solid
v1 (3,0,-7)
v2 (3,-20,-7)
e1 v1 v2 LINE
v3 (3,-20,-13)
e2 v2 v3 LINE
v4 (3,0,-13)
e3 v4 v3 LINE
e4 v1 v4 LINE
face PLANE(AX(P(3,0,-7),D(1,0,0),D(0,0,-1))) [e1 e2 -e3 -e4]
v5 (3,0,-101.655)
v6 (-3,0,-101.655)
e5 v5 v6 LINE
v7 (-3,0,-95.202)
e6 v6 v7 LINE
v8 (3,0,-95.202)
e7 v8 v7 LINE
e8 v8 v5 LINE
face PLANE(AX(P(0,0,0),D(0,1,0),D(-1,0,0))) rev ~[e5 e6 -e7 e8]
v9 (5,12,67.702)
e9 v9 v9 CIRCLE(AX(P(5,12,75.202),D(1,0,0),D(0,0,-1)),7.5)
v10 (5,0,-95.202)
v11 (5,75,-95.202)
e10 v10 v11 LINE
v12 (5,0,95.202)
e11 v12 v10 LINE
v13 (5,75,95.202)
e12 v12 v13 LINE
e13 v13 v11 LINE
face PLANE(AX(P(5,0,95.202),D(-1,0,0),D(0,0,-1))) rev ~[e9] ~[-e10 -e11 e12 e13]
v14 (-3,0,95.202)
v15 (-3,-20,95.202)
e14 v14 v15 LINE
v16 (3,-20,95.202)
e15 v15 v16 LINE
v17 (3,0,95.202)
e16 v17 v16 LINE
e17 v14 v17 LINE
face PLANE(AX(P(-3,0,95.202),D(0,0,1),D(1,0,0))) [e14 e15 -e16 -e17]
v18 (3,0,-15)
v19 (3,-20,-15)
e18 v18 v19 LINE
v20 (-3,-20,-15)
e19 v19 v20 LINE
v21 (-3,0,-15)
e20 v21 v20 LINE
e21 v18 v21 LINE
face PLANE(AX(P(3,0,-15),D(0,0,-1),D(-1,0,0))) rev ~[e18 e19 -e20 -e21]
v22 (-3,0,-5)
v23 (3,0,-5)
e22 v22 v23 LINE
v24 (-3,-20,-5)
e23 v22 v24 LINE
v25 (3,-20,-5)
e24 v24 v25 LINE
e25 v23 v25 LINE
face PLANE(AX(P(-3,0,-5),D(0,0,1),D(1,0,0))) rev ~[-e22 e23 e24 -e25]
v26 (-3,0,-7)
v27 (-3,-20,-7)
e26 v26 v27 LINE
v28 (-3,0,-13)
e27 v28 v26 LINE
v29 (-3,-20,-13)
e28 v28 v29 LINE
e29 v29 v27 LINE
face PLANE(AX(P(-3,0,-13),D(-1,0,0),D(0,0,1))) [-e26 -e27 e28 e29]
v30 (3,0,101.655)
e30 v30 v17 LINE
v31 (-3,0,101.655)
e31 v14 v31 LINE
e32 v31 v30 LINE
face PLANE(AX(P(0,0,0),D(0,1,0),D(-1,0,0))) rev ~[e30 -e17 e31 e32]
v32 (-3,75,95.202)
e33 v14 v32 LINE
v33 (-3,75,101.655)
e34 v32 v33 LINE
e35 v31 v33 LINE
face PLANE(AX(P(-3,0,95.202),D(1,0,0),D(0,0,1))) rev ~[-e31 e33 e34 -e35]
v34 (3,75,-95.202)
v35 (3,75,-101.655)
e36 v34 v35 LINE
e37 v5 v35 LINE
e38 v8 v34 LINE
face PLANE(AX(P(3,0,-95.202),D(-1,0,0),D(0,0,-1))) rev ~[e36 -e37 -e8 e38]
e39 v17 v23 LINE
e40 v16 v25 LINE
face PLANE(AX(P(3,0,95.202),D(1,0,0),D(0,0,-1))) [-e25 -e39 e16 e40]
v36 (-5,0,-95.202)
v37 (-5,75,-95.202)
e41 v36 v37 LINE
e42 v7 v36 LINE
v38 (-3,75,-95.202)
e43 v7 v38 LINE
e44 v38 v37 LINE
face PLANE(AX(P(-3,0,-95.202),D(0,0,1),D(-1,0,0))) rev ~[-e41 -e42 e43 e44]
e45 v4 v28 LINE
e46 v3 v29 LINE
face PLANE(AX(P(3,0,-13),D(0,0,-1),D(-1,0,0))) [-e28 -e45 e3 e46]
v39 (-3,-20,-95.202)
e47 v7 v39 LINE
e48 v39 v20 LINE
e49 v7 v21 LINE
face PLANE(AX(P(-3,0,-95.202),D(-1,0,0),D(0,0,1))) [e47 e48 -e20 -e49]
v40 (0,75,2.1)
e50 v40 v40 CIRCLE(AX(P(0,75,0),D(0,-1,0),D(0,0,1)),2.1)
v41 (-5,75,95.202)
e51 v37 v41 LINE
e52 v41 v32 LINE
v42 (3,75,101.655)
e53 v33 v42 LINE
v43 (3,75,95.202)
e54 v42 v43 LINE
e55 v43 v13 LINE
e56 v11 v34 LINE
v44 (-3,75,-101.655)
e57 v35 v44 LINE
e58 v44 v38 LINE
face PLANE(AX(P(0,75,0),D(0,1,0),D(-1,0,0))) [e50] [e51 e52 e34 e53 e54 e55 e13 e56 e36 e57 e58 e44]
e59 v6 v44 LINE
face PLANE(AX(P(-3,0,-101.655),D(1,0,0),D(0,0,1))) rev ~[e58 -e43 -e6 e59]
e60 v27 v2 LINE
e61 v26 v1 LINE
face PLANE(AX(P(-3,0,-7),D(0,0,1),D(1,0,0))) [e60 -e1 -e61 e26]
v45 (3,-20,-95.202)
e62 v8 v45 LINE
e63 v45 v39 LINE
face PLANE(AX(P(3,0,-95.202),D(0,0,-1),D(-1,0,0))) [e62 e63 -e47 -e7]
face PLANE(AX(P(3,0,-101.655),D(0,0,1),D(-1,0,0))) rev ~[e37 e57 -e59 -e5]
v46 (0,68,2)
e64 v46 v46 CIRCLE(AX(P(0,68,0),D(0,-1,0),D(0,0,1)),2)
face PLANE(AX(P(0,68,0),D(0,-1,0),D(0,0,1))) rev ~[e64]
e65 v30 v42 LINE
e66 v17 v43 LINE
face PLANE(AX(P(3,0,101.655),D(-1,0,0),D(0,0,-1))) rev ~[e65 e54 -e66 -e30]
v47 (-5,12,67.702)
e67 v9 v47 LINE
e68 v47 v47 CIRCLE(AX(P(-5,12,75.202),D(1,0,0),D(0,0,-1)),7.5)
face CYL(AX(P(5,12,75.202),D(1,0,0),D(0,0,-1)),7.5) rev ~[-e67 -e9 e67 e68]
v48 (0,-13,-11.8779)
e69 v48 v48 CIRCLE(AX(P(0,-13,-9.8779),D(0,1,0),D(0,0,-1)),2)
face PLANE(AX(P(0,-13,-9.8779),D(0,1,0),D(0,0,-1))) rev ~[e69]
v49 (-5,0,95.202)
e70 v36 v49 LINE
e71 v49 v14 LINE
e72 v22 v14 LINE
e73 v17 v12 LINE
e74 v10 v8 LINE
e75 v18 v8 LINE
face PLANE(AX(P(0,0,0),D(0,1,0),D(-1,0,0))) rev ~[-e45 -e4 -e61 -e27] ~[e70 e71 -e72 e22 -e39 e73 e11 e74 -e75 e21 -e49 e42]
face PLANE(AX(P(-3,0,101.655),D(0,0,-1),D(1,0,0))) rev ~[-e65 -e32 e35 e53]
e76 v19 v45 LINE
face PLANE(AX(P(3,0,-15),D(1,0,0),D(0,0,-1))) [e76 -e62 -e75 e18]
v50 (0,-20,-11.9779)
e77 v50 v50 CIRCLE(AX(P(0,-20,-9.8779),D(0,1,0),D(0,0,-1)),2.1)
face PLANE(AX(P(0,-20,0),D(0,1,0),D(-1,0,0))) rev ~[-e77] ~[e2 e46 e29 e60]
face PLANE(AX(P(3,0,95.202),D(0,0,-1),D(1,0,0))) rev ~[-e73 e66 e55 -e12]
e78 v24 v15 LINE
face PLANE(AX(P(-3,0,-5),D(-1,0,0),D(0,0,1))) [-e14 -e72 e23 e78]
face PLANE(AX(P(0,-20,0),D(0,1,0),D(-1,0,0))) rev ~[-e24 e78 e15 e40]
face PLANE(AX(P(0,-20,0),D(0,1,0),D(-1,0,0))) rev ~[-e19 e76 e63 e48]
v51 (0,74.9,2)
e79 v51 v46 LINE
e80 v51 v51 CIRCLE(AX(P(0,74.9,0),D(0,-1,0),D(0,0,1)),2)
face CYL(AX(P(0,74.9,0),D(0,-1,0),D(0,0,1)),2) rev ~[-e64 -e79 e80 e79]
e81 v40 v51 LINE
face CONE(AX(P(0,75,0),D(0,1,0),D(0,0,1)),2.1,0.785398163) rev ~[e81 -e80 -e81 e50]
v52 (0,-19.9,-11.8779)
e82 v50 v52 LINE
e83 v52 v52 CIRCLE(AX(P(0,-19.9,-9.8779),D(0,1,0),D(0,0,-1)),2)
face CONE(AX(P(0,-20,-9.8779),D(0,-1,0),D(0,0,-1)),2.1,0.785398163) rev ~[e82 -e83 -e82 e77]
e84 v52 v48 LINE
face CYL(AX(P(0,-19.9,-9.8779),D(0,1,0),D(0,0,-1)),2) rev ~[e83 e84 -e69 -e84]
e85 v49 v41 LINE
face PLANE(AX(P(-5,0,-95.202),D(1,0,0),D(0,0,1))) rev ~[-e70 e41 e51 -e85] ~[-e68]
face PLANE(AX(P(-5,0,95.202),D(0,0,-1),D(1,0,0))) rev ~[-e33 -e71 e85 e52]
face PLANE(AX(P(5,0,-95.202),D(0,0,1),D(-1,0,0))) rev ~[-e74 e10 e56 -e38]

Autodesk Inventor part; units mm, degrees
ref_plane "YZ Plane" through (0, 0, 0) normal (1, 0, 0) x (0, 1, 0)
ref_plane "XZ Plane" through (0, 0, 0) normal (0, 1, 0) x (-1, 0, 0)
ref_plane "XY Plane" through (0, 0, 0) normal (0, 0, 1) x (1, 0, 0)
sketch "Sketch1" plane through (0, 0, 0) normal (0, 1, 0) x (-1, 0, 0)
  line L0 (5, 95.202) -> (-5, 95.202)
  line L1 (-5, 95.202) -> (-5, -95.202)
  line L2 (-5, -95.202) -> (5, -95.202)
  line L3 (5, -95.202) -> (5, 95.202)
  line L4 (5, 95.202) -> (-5, -95.202) construction
  line L5 (-5, 95.202) -> (5, -95.202) construction
  line L6 (3, 101.655) -> (-3, 101.655)
  line L7 (-3, 101.655) -> (-3, -101.655)
  line L8 (-3, -101.655) -> (3, -101.655)
  line L9 (3, -101.655) -> (3, 101.655)
  line L10 (3, 101.655) -> (-3, -101.655) construction
  line L11 (-3, 101.655) -> (3, -101.655) construction
  line L12 (-3, -13) -> (3, -13)
  line L13 (3, -13) -> (3, -7)
  line L14 (3, -7) -> (-3, -7)
  line L15 (-3, -7) -> (-3, -13)
  line L16 (-3, -15) -> (3, -15)
  line L17 (3, -5) -> (-3, -5)
  point P0 (0, 0)
  point P1 (0, -7)
  point P2 (-3, -95.202)
  point P3 (3, -95.202)
  point P4 (3, 95.202)
  point P5 (-3, 95.202)
  point P6 (-3, -7)
  dimension "d0" = 10
  dimension "d1" = 190.404
  dimension "d2" = 203.31
  dimension "d4" = 6
  dimension "d5" = 82.202
  dimension "d6" = 6
  dimension "d7" = 6
  dimension "d8" = 2
  dimension "d9" = 2
extrude "Extrusion1" add sketch "Sketch1" along normal blind 75
extrude "Extrusion2" add sketch "Sketch1" against normal blind 20 contours L9 L17 L7 L0 | L2 L7 L16 L9 | L9 L12 L7 L14
sketch "Sketch2" plane through (5, 0, 95.202) normal (1, 0, 0) x (0, 0, -1)
  circle A0 centre (20, 12) radius 7.5
  line L0 (0, 0) -> (0, 75) projected
  line L1 (0, 0) -> (190.404, 0) projected
  point P0 (95.202, 0)
  dimension "d14" = 15
  dimension "d15" = 20
  dimension "d16" = 12
extrude "Extrusion3" cut sketch "Sketch2" against normal blind 75
sketch "Sketch3" plane through (0, 75, 0) normal (0, 1, 0) x (1, 0, 0)
  line L0 (-3, -101.655) -> (3, -101.655) projected
  line L1 (-5, 95.202) -> (-5, -95.202) projected
  point P0 (0, 0)
  point P1 (0, 0)
  dimension "d26" = 101.655
  dimension "d27" = 5
hole "Hole1" at (0, 75, 0) direction (0, -1, 0) diameter 4 depth 7 countersink diameter 4.2 countersink angle 90
sketch "Sketch4" plane through (0, -20, 0) normal (0, -1, 0) x (1, 0, 0)
  line L0 (3, -13) -> (3, -7) projected
  point P0 (0, 0)
  point P1 (0, -9.8779)
  dimension "d28" = 3
hole "Hole2" at (0, -20, -9.8779) direction (0, 1, 0) diameter 4 depth 7 countersink diameter 4.2 countersink angle 90
properties part number "sciana_dluga" material "ABS Plastic"
